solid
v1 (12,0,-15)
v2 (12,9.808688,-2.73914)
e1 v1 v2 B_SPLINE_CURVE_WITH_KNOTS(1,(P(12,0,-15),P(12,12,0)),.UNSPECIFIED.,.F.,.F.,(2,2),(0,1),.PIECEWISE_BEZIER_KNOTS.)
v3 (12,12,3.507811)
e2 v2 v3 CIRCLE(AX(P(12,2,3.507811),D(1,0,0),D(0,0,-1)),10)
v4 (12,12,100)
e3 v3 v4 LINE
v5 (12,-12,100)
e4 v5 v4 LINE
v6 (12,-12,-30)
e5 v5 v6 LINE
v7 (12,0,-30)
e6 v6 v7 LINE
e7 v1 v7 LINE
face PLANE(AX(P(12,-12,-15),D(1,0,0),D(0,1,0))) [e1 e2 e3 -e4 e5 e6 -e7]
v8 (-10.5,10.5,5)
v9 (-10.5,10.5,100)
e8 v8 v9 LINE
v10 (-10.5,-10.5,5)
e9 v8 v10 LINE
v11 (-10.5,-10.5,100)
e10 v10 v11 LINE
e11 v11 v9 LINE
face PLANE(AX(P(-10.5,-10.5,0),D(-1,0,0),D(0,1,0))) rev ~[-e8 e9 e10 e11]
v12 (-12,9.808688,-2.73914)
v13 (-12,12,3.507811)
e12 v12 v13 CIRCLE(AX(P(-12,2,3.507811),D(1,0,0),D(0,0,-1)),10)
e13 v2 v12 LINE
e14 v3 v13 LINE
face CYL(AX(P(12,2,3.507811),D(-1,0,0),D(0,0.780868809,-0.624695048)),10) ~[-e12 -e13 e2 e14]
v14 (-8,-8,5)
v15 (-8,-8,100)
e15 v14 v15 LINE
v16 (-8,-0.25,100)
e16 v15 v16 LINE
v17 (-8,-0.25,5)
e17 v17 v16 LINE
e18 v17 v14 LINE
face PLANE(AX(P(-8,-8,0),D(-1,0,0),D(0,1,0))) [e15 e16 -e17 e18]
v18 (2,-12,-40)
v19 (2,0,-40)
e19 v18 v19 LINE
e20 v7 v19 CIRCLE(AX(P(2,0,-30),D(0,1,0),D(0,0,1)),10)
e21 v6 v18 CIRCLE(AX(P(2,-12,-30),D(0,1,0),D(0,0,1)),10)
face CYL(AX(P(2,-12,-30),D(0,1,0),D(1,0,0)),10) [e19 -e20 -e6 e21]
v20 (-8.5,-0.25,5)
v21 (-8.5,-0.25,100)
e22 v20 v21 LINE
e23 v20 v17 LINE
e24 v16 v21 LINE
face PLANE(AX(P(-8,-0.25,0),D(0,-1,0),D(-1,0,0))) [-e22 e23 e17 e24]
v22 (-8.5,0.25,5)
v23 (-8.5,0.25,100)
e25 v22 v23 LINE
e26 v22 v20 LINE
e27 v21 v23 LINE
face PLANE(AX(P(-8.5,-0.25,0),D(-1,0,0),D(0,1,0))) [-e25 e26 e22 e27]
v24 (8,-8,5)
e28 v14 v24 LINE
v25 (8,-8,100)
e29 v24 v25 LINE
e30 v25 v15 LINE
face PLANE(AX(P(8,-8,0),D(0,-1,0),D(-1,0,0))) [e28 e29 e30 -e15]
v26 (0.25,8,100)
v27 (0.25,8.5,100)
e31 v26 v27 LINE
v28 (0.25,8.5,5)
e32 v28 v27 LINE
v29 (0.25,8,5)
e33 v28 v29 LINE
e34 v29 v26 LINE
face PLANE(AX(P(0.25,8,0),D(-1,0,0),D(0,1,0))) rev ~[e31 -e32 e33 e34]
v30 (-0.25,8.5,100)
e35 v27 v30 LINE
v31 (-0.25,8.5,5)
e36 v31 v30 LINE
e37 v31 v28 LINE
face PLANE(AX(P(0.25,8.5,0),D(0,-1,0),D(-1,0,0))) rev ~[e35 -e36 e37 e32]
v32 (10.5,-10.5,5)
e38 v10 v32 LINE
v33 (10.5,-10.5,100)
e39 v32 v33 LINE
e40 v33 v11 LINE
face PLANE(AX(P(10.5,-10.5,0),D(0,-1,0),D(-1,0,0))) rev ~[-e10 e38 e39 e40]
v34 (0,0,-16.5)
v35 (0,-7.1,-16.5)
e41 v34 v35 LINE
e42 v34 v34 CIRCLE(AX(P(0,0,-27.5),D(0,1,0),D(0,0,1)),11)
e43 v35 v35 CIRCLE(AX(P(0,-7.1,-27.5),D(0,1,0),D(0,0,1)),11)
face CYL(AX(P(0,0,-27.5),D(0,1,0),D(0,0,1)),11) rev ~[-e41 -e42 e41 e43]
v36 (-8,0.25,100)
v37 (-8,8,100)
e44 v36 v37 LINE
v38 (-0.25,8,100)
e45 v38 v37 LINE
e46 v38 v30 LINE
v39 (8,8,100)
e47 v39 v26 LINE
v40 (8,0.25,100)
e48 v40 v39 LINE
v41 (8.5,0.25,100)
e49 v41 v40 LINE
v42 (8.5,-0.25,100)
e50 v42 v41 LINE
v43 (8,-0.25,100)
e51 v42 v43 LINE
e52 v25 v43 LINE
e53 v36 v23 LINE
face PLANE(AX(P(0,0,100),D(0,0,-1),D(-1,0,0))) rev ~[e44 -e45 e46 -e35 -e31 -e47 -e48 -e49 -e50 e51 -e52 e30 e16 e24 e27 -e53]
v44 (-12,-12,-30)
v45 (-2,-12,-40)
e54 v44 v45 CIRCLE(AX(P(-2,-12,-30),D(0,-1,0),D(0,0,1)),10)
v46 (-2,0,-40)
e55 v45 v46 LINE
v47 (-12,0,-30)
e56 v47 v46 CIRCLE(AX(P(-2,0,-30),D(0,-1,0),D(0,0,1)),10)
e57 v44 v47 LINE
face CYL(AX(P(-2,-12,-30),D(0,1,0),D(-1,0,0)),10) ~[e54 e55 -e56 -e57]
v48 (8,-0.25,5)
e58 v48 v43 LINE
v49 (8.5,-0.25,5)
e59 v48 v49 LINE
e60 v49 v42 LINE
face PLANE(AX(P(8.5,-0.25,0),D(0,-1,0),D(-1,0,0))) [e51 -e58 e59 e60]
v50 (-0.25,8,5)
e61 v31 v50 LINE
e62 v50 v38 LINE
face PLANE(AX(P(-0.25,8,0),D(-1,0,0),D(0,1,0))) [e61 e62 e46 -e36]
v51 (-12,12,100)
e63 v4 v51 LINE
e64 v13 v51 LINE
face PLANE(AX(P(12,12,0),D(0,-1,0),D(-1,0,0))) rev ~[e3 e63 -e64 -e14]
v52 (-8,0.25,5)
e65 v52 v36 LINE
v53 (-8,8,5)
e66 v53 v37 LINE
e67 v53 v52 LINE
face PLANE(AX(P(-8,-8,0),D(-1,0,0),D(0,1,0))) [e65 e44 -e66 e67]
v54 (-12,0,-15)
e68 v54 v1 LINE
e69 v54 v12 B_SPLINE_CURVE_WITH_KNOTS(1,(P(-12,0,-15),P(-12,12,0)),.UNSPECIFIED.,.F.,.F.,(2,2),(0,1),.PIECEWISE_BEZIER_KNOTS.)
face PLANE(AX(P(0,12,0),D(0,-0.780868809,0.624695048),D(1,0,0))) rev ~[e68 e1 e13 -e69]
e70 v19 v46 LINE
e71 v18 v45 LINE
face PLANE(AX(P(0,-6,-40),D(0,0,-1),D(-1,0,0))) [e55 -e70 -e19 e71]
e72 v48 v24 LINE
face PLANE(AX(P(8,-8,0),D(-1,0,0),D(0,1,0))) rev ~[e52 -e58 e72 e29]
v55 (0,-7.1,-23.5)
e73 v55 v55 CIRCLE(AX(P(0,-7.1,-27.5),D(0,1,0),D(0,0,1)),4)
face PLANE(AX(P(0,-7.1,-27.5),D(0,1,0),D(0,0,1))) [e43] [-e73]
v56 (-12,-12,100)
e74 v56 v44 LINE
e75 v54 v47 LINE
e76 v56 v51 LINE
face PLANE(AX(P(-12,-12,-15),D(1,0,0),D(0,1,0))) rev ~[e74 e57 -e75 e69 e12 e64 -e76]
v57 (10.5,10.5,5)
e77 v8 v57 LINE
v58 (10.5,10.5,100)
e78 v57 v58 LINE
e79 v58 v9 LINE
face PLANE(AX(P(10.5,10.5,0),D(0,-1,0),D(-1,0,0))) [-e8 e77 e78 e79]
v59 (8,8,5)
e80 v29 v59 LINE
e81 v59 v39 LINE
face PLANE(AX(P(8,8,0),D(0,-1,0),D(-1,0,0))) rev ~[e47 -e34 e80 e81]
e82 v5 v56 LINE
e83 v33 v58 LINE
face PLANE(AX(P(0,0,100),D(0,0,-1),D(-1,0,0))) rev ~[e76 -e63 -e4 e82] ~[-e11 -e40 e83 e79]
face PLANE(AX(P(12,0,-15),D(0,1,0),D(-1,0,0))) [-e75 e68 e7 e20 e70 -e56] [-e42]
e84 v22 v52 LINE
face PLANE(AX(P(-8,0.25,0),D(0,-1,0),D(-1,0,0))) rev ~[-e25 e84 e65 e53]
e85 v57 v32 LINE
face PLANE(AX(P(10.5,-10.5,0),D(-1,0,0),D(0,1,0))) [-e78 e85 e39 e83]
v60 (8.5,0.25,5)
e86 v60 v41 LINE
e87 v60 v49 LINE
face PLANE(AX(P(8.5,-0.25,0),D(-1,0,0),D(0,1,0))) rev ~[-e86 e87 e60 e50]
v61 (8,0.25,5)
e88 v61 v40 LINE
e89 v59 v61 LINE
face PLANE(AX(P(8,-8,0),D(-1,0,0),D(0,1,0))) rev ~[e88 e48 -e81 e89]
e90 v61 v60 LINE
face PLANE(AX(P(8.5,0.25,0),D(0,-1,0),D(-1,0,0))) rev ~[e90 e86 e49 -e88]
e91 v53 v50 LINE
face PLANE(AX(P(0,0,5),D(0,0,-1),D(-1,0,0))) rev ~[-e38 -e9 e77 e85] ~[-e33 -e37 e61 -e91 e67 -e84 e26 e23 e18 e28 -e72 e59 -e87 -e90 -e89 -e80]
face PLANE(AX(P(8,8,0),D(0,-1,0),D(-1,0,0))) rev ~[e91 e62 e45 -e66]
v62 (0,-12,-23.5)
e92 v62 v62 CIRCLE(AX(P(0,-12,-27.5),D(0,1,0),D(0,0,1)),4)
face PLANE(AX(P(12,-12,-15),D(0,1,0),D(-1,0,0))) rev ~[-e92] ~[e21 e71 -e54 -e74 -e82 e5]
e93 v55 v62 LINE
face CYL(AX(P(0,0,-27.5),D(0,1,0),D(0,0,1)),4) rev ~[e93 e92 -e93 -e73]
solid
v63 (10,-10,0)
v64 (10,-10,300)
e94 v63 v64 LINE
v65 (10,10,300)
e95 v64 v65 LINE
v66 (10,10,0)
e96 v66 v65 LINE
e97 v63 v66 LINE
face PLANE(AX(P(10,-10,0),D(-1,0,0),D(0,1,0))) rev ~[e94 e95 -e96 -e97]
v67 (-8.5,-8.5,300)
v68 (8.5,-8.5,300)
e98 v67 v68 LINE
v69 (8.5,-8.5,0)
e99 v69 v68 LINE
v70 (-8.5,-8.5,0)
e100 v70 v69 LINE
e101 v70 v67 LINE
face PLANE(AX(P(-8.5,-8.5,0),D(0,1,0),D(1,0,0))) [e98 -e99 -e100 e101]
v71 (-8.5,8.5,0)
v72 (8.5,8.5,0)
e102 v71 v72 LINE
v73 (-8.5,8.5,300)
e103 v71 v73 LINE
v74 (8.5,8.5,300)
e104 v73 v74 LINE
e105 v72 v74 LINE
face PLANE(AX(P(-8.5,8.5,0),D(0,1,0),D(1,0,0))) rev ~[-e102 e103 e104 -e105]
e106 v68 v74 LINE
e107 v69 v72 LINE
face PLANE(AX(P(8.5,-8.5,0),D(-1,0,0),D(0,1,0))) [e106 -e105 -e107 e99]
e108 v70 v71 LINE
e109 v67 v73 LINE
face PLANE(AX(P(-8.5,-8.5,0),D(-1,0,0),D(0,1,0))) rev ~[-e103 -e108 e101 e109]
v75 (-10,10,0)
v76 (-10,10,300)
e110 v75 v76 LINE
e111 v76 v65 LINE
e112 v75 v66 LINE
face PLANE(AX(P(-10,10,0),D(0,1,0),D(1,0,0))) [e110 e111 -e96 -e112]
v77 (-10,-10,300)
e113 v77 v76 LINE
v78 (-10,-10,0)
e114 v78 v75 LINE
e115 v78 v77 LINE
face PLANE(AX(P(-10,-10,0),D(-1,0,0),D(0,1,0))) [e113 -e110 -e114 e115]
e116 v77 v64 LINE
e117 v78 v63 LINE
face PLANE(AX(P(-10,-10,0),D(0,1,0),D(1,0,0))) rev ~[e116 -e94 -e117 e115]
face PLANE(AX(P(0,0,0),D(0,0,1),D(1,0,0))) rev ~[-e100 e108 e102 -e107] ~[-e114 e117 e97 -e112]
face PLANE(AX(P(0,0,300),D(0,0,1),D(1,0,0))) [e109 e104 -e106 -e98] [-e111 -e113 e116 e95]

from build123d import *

# Parameters (mm, degrees)
SKETCH1_W           = 20
SKETCH1_H           = 20
SKETCH1_W_2         = 17
SKETCH1_H_2         = 17
BOSS_EXTRUDE1_DEPTH = 300
SKETCH2_W           = 24
SKETCH2_H           = 24
SKETCH2_W_2         = 21
SKETCH2_H_2         = 21
SKETCH2_W_3         = 0.5
SKETCH2_H_3         = 0.5
SKETCH2_W_4         = 16
SKETCH2_H_4         = 16
BOSS_EXTRUDE2_DEPTH = 100
SKETCH3_W           = 24
SKETCH3_H           = 24
BOSS_EXTRUDE3_DEPTH = 5
SKETCH7_W           = 24
SKETCH7_H           = 12
BOSS_EXTRUDE5_DEPTH = 25
FILLET2_R           = 10
SKETCH9_R           = 4
CUT_EXTRUDE1_DEPTH  = 301.479616621
SKETCH9_4_R         = 11
CUT_EXTRUDE2_DEPTH  = 7.1
FILLET3_R           = 10


with BuildPart() as part:
    # Sketch1 → Boss-Extrude1 (new body)
    with BuildSketch(Plane.XY):
        Rectangle(SKETCH1_W, SKETCH1_H)
        Rectangle(SKETCH1_W_2, SKETCH1_H_2, mode=Mode.SUBTRACT)
    extrude(amount=BOSS_EXTRUDE1_DEPTH)


with BuildPart() as body_2:
    # Sketch2 → Boss-Extrude2 (new body)
    # profile 1 of 5: a face of its own
    with BuildSketch(Plane(origin=(0, 0, 0), x_dir=(-1, 0, 0), z_dir=(0, 0, -1))):
        Rectangle(SKETCH2_W, SKETCH2_H)
        Rectangle(SKETCH2_W_2, SKETCH2_H_2, mode=Mode.SUBTRACT)
    # profile 2 of 5: a face of its own
    with BuildSketch(Plane(origin=(0, 0, 0), x_dir=(-1, 0, 0), z_dir=(0, 0, -1))):
        with Locations((-8.25, 0)):
            Rectangle(SKETCH2_W_3, SKETCH2_H_3)
    # profile 3 of 5: a face of its own
    with BuildSketch(Plane(origin=(0, 0, 0), x_dir=(-1, 0, 0), z_dir=(0, 0, -1))):
        with Locations((8.25, 0)):
            Rectangle(SKETCH2_W_3, SKETCH2_H_3)
    # profile 4 of 5: a face of its own
    with BuildSketch(Plane(origin=(0, 0, 0), x_dir=(-1, 0, 0), z_dir=(0, 0, -1))):
        with Locations((0, 8.25)):
            Rectangle(SKETCH2_W_3, SKETCH2_H_3)
    # profile 5 of 5: a face of its own
    with BuildSketch(Plane(origin=(0, 0, 0), x_dir=(-1, 0, 0), z_dir=(0, 0, -1))):
        Rectangle(SKETCH2_W_4, SKETCH2_H_4)
    extrude(amount=-BOSS_EXTRUDE2_DEPTH)

    # Sketch3 → Boss-Extrude3 (add)
    with BuildSketch(Plane(origin=(0, 0, 0), x_dir=(-1, 0, 0), z_dir=(0, 0, -1))):
        Rectangle(SKETCH3_W, SKETCH3_H)
    extrude(amount=-BOSS_EXTRUDE3_DEPTH)

    # Sketch6 → section 0 of loft1
    with BuildSketch(Plane(origin=(0, 0, -15), x_dir=(-1, 0, 0), z_dir=(0, 0, -1)), mode=Mode.PRIVATE) as loft1_s0:
        with BuildLine():
            Line((-12, -12), (12, -12))
            Line((12, -12), (12, 0))
            Line((12, 0), (-12, 0))
            Line((-12, 0), (-12, -12))
        make_face()
    # loft up to a face of the part (loft1)
    loft([loft1_s0.sketch, body_2.faces().sort_by_distance((0, 0, 0))[0]])

    # Sketch7 → Boss-Extrude5 (add)
    with BuildSketch(Plane(origin=(0, 0, -15), x_dir=(-1, 0, 0), z_dir=(0, 0, -1))):
        with Locations((0, -6)):
            Rectangle(SKETCH7_W, SKETCH7_H)
    extrude(amount=BOSS_EXTRUDE5_DEPTH)

    # Fillet2
    fillet2_edges = [body_2.edges().sort_by_distance(p)[0] for p in [
        (-12, -6, -40),
        (12, -6, -40),
    ]]
    fillet(fillet2_edges, radius=FILLET2_R)

    # Sketch9 → Cut-Extrude1 (cut, through all)
    with BuildSketch(Plane(origin=(0, 0, 0), x_dir=(1, 0, 0), z_dir=(0, 1, 0))):
        with Locations(Location((0, 27.5, 0), (0, 0, 270))):
            Circle(SKETCH9_R)
    extrude(amount=-CUT_EXTRUDE1_DEPTH, mode=Mode.SUBTRACT)

    # Sketch9<4> → Cut-Extrude2 (cut)
    with BuildSketch(Plane(origin=(0, 0, 0), x_dir=(1, 0, 0), z_dir=(0, 1, 0))):
        with Locations(Location((0, 27.5, 0), (0, 0, 270))):
            Circle(SKETCH9_4_R)
    extrude(amount=-CUT_EXTRUDE2_DEPTH, mode=Mode.SUBTRACT)

    # Fillet3
    fillet3_edges = [body_2.edges().sort_by_distance(p)[0] for p in [
        (0, 12, 0),
    ]]
    fillet(fillet3_edges, radius=FILLET3_R)


solid = Compound([part.part, body_2.part])
